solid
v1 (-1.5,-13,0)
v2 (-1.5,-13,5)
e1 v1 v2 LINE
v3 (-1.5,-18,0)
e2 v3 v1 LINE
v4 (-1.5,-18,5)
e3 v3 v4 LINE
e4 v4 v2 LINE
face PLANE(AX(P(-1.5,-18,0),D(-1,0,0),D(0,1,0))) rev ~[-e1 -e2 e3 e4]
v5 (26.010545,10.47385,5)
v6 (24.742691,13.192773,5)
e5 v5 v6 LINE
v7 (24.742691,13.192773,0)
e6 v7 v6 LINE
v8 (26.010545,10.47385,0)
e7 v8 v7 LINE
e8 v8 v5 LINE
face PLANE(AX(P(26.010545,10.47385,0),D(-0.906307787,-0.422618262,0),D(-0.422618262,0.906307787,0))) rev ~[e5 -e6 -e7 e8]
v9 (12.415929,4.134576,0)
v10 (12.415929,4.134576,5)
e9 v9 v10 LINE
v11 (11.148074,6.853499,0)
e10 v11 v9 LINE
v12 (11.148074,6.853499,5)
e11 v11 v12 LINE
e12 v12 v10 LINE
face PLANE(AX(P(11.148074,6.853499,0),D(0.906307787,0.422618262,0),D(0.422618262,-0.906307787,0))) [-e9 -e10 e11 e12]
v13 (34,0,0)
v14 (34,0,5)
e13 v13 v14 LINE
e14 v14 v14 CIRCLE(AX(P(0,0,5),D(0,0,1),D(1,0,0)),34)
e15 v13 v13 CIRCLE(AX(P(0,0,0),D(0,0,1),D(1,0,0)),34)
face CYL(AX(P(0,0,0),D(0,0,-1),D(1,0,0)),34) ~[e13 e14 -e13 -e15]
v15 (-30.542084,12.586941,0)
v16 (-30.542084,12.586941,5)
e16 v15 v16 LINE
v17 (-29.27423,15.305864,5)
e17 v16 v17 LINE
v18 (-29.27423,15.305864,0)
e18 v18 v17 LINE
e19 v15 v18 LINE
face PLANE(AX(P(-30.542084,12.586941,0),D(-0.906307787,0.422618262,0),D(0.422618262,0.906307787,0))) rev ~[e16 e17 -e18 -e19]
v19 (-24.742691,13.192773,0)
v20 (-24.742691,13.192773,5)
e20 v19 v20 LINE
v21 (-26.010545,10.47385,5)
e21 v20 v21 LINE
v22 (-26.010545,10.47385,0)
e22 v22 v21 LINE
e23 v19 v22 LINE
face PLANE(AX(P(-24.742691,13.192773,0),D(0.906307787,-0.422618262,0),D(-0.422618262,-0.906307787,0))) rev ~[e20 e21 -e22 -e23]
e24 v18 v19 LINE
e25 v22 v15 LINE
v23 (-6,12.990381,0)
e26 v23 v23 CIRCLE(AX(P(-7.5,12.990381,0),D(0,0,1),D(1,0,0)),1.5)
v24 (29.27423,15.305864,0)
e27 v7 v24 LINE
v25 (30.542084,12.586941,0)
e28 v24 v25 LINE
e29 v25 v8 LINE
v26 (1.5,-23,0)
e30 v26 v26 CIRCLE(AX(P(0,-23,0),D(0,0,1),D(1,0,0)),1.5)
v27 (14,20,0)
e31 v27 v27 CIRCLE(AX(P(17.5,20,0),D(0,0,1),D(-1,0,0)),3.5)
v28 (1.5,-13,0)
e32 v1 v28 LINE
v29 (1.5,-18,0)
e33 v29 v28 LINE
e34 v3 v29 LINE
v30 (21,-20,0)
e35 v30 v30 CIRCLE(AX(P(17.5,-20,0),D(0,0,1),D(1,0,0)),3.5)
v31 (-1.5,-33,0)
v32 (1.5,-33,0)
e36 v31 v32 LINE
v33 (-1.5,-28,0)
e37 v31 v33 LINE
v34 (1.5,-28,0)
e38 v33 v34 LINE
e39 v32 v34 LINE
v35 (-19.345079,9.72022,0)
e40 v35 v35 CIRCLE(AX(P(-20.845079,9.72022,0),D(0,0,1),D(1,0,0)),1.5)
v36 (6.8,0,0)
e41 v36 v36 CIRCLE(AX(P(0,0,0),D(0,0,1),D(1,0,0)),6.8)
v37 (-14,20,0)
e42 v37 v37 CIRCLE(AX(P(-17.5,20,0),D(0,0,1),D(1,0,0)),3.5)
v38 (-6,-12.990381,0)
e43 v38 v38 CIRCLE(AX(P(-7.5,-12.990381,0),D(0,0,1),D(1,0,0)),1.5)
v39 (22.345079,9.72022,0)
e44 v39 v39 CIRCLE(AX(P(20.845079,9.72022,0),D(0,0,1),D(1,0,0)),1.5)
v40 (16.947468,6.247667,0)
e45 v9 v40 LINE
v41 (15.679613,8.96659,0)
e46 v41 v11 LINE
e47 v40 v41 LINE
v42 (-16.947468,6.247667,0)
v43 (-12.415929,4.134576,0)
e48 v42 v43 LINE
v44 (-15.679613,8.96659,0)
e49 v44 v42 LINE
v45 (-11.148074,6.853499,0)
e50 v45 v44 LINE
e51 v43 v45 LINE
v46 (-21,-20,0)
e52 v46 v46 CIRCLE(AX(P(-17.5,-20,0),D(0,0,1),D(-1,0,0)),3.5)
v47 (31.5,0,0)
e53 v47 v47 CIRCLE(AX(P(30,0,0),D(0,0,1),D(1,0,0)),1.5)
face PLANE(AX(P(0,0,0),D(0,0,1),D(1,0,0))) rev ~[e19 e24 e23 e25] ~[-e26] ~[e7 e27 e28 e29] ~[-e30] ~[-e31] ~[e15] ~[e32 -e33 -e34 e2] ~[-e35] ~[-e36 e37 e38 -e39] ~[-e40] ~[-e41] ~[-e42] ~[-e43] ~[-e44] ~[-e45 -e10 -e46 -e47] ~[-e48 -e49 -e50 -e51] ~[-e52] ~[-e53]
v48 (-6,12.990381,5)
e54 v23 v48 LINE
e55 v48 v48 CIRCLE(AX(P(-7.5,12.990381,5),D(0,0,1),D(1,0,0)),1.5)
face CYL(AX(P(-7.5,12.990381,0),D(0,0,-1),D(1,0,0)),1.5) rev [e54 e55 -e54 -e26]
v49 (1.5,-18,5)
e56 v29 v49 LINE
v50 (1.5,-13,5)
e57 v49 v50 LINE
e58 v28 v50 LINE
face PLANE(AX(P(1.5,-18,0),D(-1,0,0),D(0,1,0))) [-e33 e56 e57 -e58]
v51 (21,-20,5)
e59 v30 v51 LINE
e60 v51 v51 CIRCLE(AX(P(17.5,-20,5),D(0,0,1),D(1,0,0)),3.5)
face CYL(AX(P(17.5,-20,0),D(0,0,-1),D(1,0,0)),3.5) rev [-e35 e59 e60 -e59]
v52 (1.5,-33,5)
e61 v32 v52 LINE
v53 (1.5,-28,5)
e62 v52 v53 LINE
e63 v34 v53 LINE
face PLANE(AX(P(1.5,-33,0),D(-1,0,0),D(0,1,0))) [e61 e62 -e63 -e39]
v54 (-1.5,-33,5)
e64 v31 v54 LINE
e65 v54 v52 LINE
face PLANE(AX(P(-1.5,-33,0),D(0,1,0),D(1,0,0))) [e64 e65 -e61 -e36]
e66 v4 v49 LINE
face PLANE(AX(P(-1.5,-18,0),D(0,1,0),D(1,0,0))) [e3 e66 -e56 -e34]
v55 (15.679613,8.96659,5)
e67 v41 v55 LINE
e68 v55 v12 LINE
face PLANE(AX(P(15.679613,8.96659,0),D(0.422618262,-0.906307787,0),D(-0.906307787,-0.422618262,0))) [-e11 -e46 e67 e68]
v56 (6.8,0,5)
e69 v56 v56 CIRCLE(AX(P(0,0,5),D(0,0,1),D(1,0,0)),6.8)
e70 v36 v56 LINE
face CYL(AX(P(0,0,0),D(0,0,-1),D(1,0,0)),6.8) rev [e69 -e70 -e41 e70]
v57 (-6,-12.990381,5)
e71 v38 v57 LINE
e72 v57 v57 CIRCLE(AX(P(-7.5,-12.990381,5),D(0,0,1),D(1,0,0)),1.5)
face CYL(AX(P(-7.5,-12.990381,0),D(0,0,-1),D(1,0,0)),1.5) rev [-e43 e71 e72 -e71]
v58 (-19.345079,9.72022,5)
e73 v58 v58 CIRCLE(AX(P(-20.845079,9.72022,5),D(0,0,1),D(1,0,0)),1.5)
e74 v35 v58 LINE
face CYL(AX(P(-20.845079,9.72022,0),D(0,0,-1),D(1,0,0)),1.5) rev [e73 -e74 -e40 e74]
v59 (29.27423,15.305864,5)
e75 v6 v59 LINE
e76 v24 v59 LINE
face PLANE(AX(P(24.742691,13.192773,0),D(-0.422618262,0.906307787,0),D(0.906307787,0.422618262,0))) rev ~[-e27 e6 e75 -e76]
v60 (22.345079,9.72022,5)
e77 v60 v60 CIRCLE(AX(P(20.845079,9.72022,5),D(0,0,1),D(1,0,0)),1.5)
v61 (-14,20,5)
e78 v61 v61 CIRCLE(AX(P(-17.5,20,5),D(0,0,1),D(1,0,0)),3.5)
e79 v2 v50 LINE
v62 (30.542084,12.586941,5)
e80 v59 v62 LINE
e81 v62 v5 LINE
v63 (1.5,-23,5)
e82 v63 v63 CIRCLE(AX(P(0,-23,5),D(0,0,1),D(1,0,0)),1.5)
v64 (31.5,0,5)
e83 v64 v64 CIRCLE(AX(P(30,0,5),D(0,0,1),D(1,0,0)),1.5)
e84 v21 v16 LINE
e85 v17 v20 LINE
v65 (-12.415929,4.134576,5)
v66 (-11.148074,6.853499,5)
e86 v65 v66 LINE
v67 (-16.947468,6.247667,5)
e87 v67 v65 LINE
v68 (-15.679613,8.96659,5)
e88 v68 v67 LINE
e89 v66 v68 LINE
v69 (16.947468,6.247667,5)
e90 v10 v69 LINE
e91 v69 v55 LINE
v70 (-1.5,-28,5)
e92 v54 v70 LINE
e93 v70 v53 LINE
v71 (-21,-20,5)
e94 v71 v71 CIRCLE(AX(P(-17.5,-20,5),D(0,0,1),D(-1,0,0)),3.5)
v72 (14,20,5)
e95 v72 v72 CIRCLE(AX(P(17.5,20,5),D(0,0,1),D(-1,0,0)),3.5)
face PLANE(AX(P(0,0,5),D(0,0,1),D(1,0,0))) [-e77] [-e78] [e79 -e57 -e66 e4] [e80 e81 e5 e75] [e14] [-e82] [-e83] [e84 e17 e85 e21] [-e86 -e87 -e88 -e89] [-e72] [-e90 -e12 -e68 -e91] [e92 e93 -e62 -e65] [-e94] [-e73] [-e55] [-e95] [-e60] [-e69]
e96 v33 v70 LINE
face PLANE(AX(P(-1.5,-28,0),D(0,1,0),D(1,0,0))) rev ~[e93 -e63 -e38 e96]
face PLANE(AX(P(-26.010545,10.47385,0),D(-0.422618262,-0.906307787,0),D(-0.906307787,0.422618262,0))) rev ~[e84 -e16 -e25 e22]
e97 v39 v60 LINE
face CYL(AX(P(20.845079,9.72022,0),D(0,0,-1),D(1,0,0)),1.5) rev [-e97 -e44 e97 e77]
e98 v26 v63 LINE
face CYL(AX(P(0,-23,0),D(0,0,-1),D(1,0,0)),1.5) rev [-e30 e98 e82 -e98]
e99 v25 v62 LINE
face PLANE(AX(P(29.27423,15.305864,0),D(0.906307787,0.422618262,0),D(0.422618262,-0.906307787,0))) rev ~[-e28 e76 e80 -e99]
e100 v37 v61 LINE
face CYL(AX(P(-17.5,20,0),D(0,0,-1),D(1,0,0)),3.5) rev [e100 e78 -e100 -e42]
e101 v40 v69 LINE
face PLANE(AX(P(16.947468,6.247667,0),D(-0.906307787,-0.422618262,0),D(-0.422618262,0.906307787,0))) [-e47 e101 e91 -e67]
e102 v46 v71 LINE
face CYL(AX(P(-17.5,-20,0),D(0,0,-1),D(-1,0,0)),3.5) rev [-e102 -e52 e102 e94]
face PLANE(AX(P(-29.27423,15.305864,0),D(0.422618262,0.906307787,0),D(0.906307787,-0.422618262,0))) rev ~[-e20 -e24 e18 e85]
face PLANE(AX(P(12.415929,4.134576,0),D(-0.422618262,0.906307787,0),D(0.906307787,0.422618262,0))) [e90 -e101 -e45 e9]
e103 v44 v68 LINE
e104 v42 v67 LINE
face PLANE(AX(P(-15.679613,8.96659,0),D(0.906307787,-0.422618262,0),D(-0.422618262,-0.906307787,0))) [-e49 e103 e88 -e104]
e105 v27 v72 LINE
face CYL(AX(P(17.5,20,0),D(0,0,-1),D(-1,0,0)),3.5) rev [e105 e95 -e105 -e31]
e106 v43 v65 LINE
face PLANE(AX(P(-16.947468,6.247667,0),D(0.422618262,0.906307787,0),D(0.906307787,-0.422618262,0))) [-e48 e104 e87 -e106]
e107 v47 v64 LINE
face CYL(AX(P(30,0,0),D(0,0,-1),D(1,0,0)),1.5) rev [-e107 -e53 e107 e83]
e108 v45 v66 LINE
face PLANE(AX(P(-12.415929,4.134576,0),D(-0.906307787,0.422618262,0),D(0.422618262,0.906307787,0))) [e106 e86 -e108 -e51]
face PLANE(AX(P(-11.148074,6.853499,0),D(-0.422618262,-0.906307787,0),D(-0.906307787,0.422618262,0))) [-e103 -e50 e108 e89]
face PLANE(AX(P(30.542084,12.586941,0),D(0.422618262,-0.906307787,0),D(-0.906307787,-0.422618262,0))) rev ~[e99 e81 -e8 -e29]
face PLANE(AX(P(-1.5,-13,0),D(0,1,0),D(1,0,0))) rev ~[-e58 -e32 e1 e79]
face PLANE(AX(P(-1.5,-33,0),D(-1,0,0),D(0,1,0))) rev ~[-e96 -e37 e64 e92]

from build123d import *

# Parameters (mm, degrees)
SKETCH1_R           = 34
SKETCH1_R_2         = 1.5
SKETCH1_R_3         = 6.8
SKETCH1_R_4         = 3.5
SKETCH1_W           = 3
SKETCH1_H           = 5
BOSS_EXTRUDE1_DEPTH = 5


with BuildPart() as part:
    # Sketch1 → Boss-Extrude1 (new body)
    with BuildSketch(Plane.XY):
        Circle(SKETCH1_R)
        with Locations((30, 0)):
            Circle(SKETCH1_R_2, mode=Mode.SUBTRACT)
        with Locations((-7.5, -12.990381057)):
            Circle(SKETCH1_R_2, mode=Mode.SUBTRACT)
        with Locations((-7.5, 12.990381057)):
            Circle(SKETCH1_R_2, mode=Mode.SUBTRACT)
        Circle(SKETCH1_R_3, mode=Mode.SUBTRACT)
        with Locations((-17.5, 20)):
            Circle(SKETCH1_R_4, mode=Mode.SUBTRACT)
        with Locations(Location((17.5, 20, 0), (0, 0, 180))):
            Circle(SKETCH1_R_4, mode=Mode.SUBTRACT)
        with Locations(Location((-17.5, -20, 0), (0, 0, 180))):
            Circle(SKETCH1_R_4, mode=Mode.SUBTRACT)
        with Locations((17.5, -20)):
            Circle(SKETCH1_R_4, mode=Mode.SUBTRACT)
        with Locations((20.845079102, 9.72022002)):
            Circle(SKETCH1_R_2, mode=Mode.SUBTRACT)
        with Locations((-20.845079102, 9.72022002)):
            Circle(SKETCH1_R_2, mode=Mode.SUBTRACT)
        with Locations((0, -23)):
            Circle(SKETCH1_R_2, mode=Mode.SUBTRACT)
        Polygon((15.679612774, 8.966590392), (11.148073839, 6.853499083), (12.415928624, 4.134575722), (16.947467559, 6.247667031), align=None, mode=Mode.SUBTRACT)
        Polygon((24.742690644, 13.192773009), (29.27422958, 15.305864318), (30.542084365, 12.586940957), (26.01054543, 10.473849648), align=None, mode=Mode.SUBTRACT)
        Polygon((-16.947467559, 6.247667031), (-12.415928624, 4.134575722), (-11.148073839, 6.853499083), (-15.679612774, 8.966590392), align=None, mode=Mode.SUBTRACT)
        Polygon((-26.01054543, 10.473849648), (-30.542084365, 12.586940957), (-29.27422958, 15.305864318), (-24.742690644, 13.192773009), align=None, mode=Mode.SUBTRACT)
        with Locations((0, -30.5)):
            Rectangle(SKETCH1_W, SKETCH1_H, mode=Mode.SUBTRACT)
        with Locations((0, -15.5)):
            Rectangle(SKETCH1_W, SKETCH1_H, mode=Mode.SUBTRACT)
    extrude(amount=BOSS_EXTRUDE1_DEPTH)


solid = part.part
